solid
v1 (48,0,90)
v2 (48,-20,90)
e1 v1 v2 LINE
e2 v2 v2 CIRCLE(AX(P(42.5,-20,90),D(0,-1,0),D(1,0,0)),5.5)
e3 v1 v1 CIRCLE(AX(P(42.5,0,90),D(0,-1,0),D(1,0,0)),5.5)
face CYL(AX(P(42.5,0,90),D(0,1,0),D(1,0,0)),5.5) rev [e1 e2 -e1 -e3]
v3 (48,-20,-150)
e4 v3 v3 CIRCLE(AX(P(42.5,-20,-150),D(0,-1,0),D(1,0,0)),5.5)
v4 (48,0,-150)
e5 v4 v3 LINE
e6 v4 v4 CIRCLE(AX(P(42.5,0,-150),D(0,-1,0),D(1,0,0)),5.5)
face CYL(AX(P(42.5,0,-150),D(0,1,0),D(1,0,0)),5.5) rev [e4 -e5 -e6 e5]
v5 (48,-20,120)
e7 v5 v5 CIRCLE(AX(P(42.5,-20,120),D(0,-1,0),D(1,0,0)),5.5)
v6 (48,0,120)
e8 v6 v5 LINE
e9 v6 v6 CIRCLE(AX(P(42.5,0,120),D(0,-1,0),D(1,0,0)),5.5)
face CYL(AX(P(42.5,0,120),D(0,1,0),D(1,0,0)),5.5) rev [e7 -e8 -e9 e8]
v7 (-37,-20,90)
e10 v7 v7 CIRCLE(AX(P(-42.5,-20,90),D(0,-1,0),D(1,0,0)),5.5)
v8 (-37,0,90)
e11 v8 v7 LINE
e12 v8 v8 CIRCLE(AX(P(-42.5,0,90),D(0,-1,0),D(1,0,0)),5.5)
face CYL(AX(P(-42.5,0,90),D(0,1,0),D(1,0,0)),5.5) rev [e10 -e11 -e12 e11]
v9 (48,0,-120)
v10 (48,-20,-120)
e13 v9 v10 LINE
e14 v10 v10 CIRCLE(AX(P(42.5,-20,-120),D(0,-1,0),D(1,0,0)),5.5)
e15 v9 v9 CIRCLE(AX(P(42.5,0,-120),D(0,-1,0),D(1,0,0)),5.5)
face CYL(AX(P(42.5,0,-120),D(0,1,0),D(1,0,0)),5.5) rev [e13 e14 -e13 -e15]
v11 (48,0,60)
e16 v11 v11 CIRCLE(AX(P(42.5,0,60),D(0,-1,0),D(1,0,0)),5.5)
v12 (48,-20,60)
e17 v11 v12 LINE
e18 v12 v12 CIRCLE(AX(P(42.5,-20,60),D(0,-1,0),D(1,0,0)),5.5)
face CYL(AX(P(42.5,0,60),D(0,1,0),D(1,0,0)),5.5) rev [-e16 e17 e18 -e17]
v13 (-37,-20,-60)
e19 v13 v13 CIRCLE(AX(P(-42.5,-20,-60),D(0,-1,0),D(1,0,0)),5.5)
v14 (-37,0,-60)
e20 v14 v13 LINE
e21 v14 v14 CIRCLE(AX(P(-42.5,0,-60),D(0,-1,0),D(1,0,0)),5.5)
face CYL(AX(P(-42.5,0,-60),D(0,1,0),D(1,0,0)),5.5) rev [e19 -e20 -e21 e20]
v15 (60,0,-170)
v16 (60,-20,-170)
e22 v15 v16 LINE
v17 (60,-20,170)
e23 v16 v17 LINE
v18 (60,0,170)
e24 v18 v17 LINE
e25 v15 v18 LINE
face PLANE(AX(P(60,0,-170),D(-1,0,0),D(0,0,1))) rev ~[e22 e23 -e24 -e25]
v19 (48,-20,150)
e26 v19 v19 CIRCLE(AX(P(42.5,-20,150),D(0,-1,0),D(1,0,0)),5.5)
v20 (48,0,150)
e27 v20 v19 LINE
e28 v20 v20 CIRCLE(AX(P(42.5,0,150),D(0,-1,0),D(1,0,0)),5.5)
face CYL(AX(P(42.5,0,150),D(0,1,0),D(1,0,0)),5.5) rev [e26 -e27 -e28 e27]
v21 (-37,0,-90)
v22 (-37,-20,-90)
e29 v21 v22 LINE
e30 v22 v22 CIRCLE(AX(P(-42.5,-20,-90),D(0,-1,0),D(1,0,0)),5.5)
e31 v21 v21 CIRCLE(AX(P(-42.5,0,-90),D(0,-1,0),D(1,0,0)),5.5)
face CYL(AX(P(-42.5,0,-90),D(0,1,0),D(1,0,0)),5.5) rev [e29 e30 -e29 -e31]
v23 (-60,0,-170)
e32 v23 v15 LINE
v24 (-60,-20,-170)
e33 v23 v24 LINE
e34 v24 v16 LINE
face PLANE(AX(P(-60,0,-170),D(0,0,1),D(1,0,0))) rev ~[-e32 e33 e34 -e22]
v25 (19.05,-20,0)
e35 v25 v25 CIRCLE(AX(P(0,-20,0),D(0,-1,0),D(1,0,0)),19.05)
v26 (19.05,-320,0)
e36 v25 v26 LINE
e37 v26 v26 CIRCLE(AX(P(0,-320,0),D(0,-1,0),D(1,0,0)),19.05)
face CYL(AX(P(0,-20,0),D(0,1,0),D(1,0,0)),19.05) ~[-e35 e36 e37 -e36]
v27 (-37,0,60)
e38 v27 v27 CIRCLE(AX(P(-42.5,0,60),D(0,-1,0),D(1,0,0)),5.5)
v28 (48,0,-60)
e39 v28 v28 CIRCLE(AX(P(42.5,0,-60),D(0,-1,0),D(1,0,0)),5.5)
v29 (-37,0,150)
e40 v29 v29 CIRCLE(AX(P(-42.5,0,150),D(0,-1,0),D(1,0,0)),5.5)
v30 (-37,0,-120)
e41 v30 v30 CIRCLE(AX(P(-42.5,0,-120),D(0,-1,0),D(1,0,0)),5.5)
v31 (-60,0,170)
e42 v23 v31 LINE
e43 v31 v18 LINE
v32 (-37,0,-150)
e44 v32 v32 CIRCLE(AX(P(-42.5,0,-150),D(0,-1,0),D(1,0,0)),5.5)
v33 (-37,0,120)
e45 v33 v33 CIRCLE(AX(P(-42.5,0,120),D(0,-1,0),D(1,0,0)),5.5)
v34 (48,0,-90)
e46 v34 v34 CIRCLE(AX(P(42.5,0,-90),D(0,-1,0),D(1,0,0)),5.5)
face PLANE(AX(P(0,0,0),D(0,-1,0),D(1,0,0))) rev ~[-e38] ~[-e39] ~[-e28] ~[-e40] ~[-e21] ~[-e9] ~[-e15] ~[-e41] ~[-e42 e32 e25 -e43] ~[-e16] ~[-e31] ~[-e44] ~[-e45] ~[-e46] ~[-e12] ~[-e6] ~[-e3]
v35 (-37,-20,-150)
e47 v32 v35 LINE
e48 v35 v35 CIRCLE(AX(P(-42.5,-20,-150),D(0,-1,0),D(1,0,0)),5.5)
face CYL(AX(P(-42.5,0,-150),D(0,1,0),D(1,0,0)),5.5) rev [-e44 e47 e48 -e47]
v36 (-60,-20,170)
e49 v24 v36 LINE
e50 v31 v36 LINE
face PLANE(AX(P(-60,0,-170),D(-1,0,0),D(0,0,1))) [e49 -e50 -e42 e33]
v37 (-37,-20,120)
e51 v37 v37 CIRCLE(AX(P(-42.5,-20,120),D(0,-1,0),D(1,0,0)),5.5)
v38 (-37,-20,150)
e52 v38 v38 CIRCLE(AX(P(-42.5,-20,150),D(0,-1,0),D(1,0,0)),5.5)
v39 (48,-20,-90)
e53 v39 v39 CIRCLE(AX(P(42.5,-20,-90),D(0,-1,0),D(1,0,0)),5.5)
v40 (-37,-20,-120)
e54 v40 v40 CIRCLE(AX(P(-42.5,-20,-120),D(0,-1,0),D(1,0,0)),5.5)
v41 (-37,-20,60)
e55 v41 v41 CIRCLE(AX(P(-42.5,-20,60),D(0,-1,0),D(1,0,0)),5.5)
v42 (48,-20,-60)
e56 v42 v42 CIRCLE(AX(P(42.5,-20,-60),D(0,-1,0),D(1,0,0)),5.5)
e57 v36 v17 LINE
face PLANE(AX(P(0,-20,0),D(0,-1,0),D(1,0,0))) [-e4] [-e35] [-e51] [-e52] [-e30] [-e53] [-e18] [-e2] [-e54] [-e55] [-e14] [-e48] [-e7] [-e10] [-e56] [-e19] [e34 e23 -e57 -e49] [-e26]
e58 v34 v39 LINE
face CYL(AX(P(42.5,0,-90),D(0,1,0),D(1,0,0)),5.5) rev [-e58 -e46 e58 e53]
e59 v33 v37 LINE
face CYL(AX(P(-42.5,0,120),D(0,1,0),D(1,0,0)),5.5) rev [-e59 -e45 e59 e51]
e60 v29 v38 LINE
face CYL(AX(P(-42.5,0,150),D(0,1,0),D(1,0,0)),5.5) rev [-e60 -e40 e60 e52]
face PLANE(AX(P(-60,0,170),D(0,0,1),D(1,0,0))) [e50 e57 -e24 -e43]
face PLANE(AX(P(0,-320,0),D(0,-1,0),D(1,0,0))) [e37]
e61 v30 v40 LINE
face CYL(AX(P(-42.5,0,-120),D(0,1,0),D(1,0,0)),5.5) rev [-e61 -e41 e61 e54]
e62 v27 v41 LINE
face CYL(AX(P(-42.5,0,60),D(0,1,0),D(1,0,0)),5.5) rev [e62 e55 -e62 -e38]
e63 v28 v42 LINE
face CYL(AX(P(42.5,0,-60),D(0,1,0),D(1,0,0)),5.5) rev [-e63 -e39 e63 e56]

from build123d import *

# Parameters (mm, degrees)
F0_W     = 120
F0_H     = 340
F0_R     = 5.5
F1_DEPTH = 20
F2_R     = 19.05
F3_DEPTH = 300


with BuildPart() as f1:
    # F0 (on Front) → F1 (new body)
    with BuildSketch(Plane.XZ):
        Rectangle(F0_W, F0_H)
        with Locations((-42.5, -150)):
            Circle(F0_R, mode=Mode.SUBTRACT)
        with Locations((-42.5, -120)):
            Circle(F0_R, mode=Mode.SUBTRACT)
        with Locations((-42.5, -90)):
            Circle(F0_R, mode=Mode.SUBTRACT)
        with Locations((-42.5, -60)):
            Circle(F0_R, mode=Mode.SUBTRACT)
        with Locations((42.5, -150)):
            Circle(F0_R, mode=Mode.SUBTRACT)
        with Locations((42.5, -120)):
            Circle(F0_R, mode=Mode.SUBTRACT)
        with Locations((42.5, -90)):
            Circle(F0_R, mode=Mode.SUBTRACT)
        with Locations((42.5, -60)):
            Circle(F0_R, mode=Mode.SUBTRACT)
        with Locations((-42.5, 60)):
            Circle(F0_R, mode=Mode.SUBTRACT)
        with Locations((-42.5, 90)):
            Circle(F0_R, mode=Mode.SUBTRACT)
        with Locations((-42.5, 120)):
            Circle(F0_R, mode=Mode.SUBTRACT)
        with Locations((-42.5, 150)):
            Circle(F0_R, mode=Mode.SUBTRACT)
        with Locations((42.5, 60)):
            Circle(F0_R, mode=Mode.SUBTRACT)
        with Locations((42.5, 90)):
            Circle(F0_R, mode=Mode.SUBTRACT)
        with Locations((42.5, 120)):
            Circle(F0_R, mode=Mode.SUBTRACT)
        with Locations((42.5, 150)):
            Circle(F0_R, mode=Mode.SUBTRACT)
    extrude(amount=F1_DEPTH)

    # F2 (on face) → F3 (join)
    with BuildSketch(Plane.XZ.offset(20)):
        Circle(F2_R)
    extrude(amount=F3_DEPTH)


solid = f1.part
